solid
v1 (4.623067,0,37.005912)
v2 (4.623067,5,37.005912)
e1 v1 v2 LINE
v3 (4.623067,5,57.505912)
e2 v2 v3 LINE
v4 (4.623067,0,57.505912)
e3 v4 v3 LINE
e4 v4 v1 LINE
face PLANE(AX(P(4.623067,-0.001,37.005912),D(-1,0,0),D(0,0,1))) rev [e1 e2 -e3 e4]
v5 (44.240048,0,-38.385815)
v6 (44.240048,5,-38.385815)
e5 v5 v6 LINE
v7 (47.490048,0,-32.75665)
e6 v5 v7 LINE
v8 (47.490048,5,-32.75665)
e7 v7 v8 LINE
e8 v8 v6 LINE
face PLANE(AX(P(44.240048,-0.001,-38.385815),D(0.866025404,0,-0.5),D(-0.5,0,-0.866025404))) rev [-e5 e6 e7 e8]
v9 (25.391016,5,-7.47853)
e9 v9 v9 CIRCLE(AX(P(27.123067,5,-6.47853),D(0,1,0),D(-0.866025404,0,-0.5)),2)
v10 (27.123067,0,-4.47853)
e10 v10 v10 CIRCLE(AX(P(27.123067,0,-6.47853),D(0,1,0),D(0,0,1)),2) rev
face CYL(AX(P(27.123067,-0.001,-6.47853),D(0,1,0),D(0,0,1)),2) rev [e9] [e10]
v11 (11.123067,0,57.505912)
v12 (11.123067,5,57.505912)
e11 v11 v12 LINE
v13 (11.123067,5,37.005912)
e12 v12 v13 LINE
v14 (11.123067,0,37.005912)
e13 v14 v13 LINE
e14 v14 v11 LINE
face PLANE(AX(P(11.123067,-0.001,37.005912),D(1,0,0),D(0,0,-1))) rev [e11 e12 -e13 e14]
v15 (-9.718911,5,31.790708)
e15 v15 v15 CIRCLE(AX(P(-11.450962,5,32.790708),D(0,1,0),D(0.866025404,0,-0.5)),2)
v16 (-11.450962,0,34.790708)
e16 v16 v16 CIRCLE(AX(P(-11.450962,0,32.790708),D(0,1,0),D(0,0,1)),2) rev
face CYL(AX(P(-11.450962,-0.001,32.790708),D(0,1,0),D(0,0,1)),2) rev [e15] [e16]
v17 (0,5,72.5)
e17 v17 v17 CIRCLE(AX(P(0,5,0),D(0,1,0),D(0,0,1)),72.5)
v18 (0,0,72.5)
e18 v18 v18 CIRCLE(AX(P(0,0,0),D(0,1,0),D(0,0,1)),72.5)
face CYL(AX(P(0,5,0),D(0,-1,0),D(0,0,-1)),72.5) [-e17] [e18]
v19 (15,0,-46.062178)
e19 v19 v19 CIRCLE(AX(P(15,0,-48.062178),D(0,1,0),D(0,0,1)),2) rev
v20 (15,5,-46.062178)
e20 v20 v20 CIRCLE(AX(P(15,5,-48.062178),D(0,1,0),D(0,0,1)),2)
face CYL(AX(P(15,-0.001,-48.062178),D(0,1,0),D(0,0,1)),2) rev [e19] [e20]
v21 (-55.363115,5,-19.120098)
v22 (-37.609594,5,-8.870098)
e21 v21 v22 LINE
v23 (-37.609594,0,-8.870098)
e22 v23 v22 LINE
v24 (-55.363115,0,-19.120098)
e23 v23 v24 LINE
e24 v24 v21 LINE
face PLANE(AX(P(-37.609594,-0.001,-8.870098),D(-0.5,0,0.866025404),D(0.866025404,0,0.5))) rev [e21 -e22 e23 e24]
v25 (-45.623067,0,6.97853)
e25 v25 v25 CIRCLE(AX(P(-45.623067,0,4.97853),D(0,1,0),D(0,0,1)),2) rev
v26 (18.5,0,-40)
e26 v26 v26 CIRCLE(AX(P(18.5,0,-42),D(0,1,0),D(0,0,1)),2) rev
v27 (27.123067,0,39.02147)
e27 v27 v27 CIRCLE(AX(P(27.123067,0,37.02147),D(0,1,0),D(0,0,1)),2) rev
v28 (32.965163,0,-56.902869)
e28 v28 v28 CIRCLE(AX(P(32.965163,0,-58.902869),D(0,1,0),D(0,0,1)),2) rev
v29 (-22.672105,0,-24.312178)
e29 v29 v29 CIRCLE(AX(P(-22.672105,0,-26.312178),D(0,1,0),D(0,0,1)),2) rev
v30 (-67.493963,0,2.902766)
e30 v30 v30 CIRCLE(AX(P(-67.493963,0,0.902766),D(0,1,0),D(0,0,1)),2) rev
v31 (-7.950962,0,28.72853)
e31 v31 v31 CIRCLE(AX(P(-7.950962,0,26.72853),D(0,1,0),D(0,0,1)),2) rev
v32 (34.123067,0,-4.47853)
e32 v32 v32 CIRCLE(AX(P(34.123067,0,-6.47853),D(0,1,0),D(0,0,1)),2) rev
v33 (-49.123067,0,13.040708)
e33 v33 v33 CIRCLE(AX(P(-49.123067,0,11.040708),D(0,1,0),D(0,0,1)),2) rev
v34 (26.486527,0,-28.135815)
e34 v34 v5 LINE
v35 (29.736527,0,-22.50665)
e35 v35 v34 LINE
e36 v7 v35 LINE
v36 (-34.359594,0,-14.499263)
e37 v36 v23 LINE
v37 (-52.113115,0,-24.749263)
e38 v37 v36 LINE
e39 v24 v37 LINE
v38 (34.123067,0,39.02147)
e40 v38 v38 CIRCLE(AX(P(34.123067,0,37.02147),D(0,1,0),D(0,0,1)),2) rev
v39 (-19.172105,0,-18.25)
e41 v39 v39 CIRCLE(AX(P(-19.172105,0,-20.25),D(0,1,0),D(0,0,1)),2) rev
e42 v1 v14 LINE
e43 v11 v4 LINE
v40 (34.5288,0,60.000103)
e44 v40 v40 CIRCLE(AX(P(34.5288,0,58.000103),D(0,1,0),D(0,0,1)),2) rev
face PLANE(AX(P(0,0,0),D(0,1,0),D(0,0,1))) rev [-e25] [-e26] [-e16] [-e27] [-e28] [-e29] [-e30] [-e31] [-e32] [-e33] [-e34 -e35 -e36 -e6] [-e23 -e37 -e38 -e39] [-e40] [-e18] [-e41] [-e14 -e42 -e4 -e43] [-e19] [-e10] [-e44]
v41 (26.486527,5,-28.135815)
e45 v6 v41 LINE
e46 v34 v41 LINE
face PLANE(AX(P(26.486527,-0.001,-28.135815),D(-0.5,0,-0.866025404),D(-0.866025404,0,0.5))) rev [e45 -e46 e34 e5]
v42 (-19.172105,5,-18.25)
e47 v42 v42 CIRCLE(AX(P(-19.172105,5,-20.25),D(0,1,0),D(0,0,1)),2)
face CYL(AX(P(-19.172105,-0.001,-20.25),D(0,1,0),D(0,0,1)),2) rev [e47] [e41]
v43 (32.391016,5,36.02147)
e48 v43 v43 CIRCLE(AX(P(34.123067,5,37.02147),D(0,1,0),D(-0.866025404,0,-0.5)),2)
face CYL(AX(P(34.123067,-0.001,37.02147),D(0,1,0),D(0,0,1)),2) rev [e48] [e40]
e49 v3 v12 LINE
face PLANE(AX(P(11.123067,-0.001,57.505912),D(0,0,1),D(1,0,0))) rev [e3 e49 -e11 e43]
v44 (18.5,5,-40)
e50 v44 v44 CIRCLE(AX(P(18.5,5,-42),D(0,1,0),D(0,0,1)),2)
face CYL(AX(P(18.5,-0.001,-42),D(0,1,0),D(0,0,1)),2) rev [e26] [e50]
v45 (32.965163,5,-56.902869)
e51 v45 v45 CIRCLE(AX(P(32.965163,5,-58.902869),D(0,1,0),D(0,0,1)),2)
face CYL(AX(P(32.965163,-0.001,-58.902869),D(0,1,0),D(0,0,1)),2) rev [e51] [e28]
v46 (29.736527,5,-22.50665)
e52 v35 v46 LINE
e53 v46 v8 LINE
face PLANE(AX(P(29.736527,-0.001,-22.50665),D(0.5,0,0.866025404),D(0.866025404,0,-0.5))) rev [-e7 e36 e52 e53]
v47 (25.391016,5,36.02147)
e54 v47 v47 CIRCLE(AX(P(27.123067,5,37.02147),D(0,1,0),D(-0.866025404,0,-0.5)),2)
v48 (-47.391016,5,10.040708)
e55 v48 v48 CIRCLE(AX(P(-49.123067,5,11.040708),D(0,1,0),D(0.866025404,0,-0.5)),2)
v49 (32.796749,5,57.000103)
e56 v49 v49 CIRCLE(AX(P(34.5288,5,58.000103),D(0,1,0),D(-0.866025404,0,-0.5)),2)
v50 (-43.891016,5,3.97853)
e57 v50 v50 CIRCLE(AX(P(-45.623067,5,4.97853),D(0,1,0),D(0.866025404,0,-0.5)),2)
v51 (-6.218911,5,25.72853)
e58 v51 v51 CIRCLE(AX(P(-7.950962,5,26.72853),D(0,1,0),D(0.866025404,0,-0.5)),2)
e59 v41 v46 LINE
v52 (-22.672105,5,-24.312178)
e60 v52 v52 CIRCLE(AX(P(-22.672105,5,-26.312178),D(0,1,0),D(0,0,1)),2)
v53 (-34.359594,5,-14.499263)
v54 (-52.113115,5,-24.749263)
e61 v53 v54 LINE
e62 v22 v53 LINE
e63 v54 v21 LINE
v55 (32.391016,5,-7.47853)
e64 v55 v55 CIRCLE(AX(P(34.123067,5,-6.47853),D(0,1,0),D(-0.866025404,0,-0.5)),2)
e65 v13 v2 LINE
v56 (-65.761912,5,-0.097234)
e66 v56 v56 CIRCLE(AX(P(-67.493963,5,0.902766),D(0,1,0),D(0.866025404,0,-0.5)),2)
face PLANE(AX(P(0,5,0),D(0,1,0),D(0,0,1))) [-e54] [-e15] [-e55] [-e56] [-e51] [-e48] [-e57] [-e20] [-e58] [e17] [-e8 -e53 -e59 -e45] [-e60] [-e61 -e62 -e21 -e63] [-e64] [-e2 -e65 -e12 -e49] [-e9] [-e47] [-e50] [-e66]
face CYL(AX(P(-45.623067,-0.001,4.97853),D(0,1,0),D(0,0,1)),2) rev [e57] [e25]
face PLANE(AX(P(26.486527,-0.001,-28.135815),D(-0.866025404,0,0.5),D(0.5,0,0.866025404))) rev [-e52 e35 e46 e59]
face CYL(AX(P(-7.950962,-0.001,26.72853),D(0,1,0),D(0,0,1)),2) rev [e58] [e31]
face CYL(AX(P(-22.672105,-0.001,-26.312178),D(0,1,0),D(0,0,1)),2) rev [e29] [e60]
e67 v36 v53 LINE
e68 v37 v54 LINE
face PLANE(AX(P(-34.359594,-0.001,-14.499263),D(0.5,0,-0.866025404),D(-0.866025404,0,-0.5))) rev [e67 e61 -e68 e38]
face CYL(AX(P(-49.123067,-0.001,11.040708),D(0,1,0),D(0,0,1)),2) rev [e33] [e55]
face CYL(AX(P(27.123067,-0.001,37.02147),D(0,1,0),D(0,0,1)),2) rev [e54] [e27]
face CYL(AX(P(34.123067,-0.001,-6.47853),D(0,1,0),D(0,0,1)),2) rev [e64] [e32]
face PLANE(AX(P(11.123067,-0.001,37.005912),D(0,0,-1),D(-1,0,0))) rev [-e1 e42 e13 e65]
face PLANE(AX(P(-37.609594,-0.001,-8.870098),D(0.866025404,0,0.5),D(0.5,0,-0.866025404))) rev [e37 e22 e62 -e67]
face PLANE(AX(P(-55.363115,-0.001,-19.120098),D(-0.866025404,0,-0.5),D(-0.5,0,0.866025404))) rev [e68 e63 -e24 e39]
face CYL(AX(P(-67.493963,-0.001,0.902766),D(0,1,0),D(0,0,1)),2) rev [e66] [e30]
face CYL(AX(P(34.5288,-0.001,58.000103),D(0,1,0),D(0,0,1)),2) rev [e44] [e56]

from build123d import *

# Parameters (mm, degrees)
SKETCH1_R           = 72.5
BOSS_EXTRUDE1_DEPTH = 5
CUT_EXTRUDE6_REACH  = 104.652
SKETCH7_R           = 2
CIRPATTERN1_COUNT   = 3


with BuildPart() as part:
    # Sketch1 → Boss-Extrude1 (new body)
    with BuildSketch(Plane(origin=(0, 0, 0), x_dir=(1, 0, 0), z_dir=(0, 1, 0))):
        with Locations(Location((0, 0, 0), (0, 0, 270))):
            Circle(SKETCH1_R)
    extrude(amount=BOSS_EXTRUDE1_DEPTH)

    # Sketch7 → Cut-Extrude6 (cut, up to next)
    with BuildSketch(Plane(origin=(0, 5, 0), x_dir=(1, 0, 0), z_dir=(0, 1, 0)), mode=Mode.PRIVATE) as cut_extrude6_sk1:
        with Locations(Location((15, 48.062177826, 0), (0, 0, 270))):
            Circle(SKETCH7_R)
    cut_extrude6_tool1 = extrude(cut_extrude6_sk1.sketch, amount=-CUT_EXTRUDE6_REACH, mode=Mode.PRIVATE) & part.part
    # Sketch7 → Cut-Extrude6 (cut, up to next)
    with BuildSketch(Plane(origin=(0, 5, 0), x_dir=(1, 0, 0), z_dir=(0, 1, 0)), mode=Mode.PRIVATE) as cut_extrude6_sk2:
        with Locations(Location((18.5, 42, 0), (0, 0, 270))):
            Circle(SKETCH7_R)
    cut_extrude6_tool2 = extrude(cut_extrude6_sk2.sketch, amount=-CUT_EXTRUDE6_REACH, mode=Mode.PRIVATE) & part.part
    # Sketch7 → Cut-Extrude6 (cut, up to next)
    with BuildSketch(Plane(origin=(0, 5, 0), x_dir=(1, 0, 0), z_dir=(0, 1, 0)), mode=Mode.PRIVATE) as cut_extrude6_sk3:
        with Locations(Location((-22.672105065, 26.312177826, 0), (0, 0, 270))):
            Circle(SKETCH7_R)
    cut_extrude6_tool3 = extrude(cut_extrude6_sk3.sketch, amount=-CUT_EXTRUDE6_REACH, mode=Mode.PRIVATE) & part.part
    # Sketch7 → Cut-Extrude6 (cut, up to next)
    with BuildSketch(Plane(origin=(0, 5, 0), x_dir=(1, 0, 0), z_dir=(0, 1, 0)), mode=Mode.PRIVATE) as cut_extrude6_sk4:
        with Locations(Location((-19.172105065, 20.25, 0), (0, 0, 270))):
            Circle(SKETCH7_R)
    cut_extrude6_tool4 = extrude(cut_extrude6_sk4.sketch, amount=-CUT_EXTRUDE6_REACH, mode=Mode.PRIVATE) & part.part
    # Sketch7 → Cut-Extrude6 (cut, up to next)
    with BuildSketch(Plane(origin=(0, 5, 0), x_dir=(1, 0, 0), z_dir=(0, 1, 0)), mode=Mode.PRIVATE) as cut_extrude6_sk5:
        with Locations(Location((32.965163285, 58.902869281, 0), (0, 0, 270))):
            Circle(SKETCH7_R)
    cut_extrude6_tool5 = extrude(cut_extrude6_sk5.sketch, amount=-CUT_EXTRUDE6_REACH, mode=Mode.PRIVATE) & part.part
    # Sketch7 → Cut-Extrude6 (cut, up to next)
    with BuildSketch(Plane(origin=(0, 5, 0), x_dir=(1, 0, 0), z_dir=(0, 1, 0)), mode=Mode.PRIVATE) as cut_extrude6_sk6:
        Polygon((26.486526778, 28.135814771), (44.240047555, 38.385814771), (47.490047555, 32.756649646), (29.736526778, 22.506649646), align=None)
    cut_extrude6_tool6 = extrude(cut_extrude6_sk6.sketch, amount=-CUT_EXTRUDE6_REACH, mode=Mode.PRIVATE) & part.part
    cut_extrude6_1 = cut_extrude6_tool1.solids().sort_by_distance((15, 5, -48.062178))[0]
    add(cut_extrude6_1, mode=Mode.SUBTRACT)
    cut_extrude6_2 = cut_extrude6_tool2.solids().sort_by_distance((18.5, 5, -42))[0]
    add(cut_extrude6_2, mode=Mode.SUBTRACT)
    cut_extrude6_3 = cut_extrude6_tool3.solids().sort_by_distance((-22.672105, 5, -26.312178))[0]
    add(cut_extrude6_3, mode=Mode.SUBTRACT)
    cut_extrude6_4 = cut_extrude6_tool4.solids().sort_by_distance((-19.172105, 5, -20.25))[0]
    add(cut_extrude6_4, mode=Mode.SUBTRACT)
    cut_extrude6_5 = cut_extrude6_tool5.solids().sort_by_distance((32.965163, 5, -58.902869))[0]
    add(cut_extrude6_5, mode=Mode.SUBTRACT)
    cut_extrude6_6 = cut_extrude6_tool6.solids().sort_by_distance((36.988287, 5, -30.446232))[0]
    add(cut_extrude6_6, mode=Mode.SUBTRACT)
    cut_extrude6 = cut_extrude6_1 + cut_extrude6_2 + cut_extrude6_3 + cut_extrude6_4 + cut_extrude6_5 + cut_extrude6_6  # Cut-Extrude6 as one shape, for the pattern or mirror that repeats it

    # CirPattern1: Cut-Extrude6 ×3 about axis
    cirpattern1_axis = Axis((0, 0, 0), (0, 1, 0))
    for i in range(1, CIRPATTERN1_COUNT):
        add(cut_extrude6.rotate(cirpattern1_axis, i * 360 / CIRPATTERN1_COUNT), mode=Mode.SUBTRACT)


solid = part.part
